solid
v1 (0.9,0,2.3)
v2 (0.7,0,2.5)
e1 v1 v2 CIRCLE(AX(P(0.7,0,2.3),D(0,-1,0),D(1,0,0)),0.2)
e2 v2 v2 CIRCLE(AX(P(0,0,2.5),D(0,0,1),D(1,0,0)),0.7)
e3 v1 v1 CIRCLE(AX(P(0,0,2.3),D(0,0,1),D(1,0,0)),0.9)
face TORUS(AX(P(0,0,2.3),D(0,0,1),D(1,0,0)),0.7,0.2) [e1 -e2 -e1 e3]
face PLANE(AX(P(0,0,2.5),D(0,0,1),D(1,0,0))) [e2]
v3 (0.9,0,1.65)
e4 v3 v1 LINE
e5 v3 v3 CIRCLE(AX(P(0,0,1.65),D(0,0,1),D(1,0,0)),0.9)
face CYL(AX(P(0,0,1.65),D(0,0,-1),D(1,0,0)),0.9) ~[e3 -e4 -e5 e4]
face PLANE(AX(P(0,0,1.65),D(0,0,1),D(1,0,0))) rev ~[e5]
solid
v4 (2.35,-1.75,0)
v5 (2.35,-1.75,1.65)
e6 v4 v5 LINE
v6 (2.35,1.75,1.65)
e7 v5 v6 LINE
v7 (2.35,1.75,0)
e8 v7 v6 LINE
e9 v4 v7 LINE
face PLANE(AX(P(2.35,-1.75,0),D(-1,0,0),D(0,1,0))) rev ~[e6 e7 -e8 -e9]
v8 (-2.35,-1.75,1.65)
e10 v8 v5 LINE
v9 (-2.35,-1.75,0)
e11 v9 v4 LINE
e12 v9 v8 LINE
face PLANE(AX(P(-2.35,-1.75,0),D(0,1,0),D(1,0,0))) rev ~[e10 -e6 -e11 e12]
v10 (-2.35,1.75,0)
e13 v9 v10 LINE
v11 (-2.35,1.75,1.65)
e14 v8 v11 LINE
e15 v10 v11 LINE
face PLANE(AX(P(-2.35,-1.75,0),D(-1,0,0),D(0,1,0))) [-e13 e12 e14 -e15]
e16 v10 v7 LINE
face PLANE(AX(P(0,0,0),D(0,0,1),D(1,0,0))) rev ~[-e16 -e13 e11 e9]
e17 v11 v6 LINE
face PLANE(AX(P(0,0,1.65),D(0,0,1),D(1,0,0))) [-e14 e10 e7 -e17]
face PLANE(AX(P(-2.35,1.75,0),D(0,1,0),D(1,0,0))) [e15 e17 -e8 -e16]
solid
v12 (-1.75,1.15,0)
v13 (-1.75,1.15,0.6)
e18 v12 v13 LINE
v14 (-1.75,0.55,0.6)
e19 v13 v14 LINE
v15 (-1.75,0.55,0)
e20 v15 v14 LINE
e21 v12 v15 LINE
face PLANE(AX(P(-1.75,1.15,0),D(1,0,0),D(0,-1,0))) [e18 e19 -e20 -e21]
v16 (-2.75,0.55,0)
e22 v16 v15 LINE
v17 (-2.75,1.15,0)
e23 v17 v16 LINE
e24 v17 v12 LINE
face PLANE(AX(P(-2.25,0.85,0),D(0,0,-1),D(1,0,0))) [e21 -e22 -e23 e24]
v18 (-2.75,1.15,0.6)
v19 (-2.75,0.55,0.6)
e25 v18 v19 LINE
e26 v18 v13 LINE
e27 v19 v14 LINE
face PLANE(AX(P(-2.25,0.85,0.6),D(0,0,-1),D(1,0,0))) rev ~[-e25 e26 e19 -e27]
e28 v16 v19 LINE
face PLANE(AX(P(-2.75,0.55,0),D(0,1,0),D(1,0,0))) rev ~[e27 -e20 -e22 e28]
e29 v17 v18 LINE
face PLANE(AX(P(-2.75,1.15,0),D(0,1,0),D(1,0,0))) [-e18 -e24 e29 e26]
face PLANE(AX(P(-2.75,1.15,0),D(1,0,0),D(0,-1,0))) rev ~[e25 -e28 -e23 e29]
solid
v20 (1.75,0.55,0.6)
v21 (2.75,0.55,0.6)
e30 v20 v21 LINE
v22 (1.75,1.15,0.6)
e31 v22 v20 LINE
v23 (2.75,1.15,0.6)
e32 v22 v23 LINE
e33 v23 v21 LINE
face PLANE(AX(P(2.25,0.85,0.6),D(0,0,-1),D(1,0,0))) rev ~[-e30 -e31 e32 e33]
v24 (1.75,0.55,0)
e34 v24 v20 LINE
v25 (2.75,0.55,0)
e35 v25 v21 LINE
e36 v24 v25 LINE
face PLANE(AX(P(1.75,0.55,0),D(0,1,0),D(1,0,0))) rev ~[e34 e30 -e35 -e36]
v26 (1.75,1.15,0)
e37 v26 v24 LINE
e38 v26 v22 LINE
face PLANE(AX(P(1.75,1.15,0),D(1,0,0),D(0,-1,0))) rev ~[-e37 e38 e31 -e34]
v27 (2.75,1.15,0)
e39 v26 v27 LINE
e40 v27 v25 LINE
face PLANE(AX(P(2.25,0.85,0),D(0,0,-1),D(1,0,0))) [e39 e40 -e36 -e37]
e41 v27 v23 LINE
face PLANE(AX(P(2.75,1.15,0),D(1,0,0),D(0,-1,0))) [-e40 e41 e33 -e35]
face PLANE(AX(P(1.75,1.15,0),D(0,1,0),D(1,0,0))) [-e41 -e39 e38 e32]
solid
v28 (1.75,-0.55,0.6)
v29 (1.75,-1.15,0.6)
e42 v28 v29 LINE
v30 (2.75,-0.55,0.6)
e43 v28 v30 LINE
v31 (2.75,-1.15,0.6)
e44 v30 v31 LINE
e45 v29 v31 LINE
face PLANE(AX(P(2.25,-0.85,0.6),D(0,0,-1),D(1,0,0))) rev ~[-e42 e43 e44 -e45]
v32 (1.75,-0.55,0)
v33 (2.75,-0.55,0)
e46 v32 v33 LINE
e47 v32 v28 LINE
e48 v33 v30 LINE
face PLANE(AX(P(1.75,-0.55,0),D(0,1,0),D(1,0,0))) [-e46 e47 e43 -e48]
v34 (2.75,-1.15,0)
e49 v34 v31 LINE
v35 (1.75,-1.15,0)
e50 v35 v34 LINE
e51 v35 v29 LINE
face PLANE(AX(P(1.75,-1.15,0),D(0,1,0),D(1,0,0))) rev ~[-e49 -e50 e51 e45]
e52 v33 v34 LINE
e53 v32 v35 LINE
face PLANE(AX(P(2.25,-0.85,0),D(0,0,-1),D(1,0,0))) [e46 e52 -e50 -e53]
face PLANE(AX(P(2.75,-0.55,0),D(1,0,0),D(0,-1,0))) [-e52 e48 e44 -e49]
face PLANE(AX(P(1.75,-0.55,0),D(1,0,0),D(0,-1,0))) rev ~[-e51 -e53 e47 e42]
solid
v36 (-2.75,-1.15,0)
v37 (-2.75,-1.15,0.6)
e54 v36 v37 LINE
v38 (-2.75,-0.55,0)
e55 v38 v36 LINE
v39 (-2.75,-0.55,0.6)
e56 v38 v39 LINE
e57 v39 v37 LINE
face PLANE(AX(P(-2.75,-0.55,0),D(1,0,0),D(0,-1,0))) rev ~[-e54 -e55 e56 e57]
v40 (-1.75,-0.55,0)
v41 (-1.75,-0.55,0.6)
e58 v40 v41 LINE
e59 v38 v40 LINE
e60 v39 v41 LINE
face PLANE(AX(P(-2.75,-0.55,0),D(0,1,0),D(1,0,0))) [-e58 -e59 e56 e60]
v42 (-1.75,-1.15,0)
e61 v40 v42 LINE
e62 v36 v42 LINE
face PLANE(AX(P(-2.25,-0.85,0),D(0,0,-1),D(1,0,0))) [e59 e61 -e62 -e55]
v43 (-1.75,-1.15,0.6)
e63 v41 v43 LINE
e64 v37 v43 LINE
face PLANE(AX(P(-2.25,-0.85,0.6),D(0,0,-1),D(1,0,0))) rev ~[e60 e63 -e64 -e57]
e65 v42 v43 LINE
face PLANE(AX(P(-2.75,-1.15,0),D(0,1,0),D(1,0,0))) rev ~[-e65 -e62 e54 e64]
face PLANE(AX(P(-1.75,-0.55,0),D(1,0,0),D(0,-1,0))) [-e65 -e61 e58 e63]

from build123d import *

# Parameters (mm, degrees)
F0_W     = 4.7
F0_H     = 3.5
F1_DEPTH = 1.65
F2_W     = 1
F2_H     = 0.6
F3_DEPTH = 0.6
F4_R     = 0.9
F5_DEPTH = 0.85
F6_R     = 0.2


with BuildPart() as f1:
    # F0 (on Top) → F1 (new body)
    with BuildSketch(Plane.XY):
        Rectangle(F0_W, F0_H)
    extrude(amount=F1_DEPTH)


with BuildPart() as f3:
    # F2 (on face) → F3 (new body)
    with BuildSketch(Plane(origin=(0, 0, 0), x_dir=(1, 0, 0), z_dir=(0, 0, -1))):
        with Locations((-2.25, 0.85)):
            Rectangle(F2_W, F2_H)
        with Locations((2.25, 0.85)):
            Rectangle(F2_W, F2_H)
        with Locations((2.25, -0.85)):
            Rectangle(F2_W, F2_H)
        with Locations((-2.25, -0.85)):
            Rectangle(F2_W, F2_H)
    extrude(amount=-F3_DEPTH)


with BuildPart() as f5:
    # F4 (on face) → F5 (new body)
    with BuildSketch(Plane.XY.offset(1.65)):
        Circle(F4_R)
    extrude(amount=F5_DEPTH)

    # F6
    f6_edges = [f5.edges().sort_by_distance(p)[0] for p in [
        (-0.9, 0, 2.5),
    ]]
    fillet(f6_edges, radius=F6_R)


solid = Compound([f1.part, f3.part, f5.part])
